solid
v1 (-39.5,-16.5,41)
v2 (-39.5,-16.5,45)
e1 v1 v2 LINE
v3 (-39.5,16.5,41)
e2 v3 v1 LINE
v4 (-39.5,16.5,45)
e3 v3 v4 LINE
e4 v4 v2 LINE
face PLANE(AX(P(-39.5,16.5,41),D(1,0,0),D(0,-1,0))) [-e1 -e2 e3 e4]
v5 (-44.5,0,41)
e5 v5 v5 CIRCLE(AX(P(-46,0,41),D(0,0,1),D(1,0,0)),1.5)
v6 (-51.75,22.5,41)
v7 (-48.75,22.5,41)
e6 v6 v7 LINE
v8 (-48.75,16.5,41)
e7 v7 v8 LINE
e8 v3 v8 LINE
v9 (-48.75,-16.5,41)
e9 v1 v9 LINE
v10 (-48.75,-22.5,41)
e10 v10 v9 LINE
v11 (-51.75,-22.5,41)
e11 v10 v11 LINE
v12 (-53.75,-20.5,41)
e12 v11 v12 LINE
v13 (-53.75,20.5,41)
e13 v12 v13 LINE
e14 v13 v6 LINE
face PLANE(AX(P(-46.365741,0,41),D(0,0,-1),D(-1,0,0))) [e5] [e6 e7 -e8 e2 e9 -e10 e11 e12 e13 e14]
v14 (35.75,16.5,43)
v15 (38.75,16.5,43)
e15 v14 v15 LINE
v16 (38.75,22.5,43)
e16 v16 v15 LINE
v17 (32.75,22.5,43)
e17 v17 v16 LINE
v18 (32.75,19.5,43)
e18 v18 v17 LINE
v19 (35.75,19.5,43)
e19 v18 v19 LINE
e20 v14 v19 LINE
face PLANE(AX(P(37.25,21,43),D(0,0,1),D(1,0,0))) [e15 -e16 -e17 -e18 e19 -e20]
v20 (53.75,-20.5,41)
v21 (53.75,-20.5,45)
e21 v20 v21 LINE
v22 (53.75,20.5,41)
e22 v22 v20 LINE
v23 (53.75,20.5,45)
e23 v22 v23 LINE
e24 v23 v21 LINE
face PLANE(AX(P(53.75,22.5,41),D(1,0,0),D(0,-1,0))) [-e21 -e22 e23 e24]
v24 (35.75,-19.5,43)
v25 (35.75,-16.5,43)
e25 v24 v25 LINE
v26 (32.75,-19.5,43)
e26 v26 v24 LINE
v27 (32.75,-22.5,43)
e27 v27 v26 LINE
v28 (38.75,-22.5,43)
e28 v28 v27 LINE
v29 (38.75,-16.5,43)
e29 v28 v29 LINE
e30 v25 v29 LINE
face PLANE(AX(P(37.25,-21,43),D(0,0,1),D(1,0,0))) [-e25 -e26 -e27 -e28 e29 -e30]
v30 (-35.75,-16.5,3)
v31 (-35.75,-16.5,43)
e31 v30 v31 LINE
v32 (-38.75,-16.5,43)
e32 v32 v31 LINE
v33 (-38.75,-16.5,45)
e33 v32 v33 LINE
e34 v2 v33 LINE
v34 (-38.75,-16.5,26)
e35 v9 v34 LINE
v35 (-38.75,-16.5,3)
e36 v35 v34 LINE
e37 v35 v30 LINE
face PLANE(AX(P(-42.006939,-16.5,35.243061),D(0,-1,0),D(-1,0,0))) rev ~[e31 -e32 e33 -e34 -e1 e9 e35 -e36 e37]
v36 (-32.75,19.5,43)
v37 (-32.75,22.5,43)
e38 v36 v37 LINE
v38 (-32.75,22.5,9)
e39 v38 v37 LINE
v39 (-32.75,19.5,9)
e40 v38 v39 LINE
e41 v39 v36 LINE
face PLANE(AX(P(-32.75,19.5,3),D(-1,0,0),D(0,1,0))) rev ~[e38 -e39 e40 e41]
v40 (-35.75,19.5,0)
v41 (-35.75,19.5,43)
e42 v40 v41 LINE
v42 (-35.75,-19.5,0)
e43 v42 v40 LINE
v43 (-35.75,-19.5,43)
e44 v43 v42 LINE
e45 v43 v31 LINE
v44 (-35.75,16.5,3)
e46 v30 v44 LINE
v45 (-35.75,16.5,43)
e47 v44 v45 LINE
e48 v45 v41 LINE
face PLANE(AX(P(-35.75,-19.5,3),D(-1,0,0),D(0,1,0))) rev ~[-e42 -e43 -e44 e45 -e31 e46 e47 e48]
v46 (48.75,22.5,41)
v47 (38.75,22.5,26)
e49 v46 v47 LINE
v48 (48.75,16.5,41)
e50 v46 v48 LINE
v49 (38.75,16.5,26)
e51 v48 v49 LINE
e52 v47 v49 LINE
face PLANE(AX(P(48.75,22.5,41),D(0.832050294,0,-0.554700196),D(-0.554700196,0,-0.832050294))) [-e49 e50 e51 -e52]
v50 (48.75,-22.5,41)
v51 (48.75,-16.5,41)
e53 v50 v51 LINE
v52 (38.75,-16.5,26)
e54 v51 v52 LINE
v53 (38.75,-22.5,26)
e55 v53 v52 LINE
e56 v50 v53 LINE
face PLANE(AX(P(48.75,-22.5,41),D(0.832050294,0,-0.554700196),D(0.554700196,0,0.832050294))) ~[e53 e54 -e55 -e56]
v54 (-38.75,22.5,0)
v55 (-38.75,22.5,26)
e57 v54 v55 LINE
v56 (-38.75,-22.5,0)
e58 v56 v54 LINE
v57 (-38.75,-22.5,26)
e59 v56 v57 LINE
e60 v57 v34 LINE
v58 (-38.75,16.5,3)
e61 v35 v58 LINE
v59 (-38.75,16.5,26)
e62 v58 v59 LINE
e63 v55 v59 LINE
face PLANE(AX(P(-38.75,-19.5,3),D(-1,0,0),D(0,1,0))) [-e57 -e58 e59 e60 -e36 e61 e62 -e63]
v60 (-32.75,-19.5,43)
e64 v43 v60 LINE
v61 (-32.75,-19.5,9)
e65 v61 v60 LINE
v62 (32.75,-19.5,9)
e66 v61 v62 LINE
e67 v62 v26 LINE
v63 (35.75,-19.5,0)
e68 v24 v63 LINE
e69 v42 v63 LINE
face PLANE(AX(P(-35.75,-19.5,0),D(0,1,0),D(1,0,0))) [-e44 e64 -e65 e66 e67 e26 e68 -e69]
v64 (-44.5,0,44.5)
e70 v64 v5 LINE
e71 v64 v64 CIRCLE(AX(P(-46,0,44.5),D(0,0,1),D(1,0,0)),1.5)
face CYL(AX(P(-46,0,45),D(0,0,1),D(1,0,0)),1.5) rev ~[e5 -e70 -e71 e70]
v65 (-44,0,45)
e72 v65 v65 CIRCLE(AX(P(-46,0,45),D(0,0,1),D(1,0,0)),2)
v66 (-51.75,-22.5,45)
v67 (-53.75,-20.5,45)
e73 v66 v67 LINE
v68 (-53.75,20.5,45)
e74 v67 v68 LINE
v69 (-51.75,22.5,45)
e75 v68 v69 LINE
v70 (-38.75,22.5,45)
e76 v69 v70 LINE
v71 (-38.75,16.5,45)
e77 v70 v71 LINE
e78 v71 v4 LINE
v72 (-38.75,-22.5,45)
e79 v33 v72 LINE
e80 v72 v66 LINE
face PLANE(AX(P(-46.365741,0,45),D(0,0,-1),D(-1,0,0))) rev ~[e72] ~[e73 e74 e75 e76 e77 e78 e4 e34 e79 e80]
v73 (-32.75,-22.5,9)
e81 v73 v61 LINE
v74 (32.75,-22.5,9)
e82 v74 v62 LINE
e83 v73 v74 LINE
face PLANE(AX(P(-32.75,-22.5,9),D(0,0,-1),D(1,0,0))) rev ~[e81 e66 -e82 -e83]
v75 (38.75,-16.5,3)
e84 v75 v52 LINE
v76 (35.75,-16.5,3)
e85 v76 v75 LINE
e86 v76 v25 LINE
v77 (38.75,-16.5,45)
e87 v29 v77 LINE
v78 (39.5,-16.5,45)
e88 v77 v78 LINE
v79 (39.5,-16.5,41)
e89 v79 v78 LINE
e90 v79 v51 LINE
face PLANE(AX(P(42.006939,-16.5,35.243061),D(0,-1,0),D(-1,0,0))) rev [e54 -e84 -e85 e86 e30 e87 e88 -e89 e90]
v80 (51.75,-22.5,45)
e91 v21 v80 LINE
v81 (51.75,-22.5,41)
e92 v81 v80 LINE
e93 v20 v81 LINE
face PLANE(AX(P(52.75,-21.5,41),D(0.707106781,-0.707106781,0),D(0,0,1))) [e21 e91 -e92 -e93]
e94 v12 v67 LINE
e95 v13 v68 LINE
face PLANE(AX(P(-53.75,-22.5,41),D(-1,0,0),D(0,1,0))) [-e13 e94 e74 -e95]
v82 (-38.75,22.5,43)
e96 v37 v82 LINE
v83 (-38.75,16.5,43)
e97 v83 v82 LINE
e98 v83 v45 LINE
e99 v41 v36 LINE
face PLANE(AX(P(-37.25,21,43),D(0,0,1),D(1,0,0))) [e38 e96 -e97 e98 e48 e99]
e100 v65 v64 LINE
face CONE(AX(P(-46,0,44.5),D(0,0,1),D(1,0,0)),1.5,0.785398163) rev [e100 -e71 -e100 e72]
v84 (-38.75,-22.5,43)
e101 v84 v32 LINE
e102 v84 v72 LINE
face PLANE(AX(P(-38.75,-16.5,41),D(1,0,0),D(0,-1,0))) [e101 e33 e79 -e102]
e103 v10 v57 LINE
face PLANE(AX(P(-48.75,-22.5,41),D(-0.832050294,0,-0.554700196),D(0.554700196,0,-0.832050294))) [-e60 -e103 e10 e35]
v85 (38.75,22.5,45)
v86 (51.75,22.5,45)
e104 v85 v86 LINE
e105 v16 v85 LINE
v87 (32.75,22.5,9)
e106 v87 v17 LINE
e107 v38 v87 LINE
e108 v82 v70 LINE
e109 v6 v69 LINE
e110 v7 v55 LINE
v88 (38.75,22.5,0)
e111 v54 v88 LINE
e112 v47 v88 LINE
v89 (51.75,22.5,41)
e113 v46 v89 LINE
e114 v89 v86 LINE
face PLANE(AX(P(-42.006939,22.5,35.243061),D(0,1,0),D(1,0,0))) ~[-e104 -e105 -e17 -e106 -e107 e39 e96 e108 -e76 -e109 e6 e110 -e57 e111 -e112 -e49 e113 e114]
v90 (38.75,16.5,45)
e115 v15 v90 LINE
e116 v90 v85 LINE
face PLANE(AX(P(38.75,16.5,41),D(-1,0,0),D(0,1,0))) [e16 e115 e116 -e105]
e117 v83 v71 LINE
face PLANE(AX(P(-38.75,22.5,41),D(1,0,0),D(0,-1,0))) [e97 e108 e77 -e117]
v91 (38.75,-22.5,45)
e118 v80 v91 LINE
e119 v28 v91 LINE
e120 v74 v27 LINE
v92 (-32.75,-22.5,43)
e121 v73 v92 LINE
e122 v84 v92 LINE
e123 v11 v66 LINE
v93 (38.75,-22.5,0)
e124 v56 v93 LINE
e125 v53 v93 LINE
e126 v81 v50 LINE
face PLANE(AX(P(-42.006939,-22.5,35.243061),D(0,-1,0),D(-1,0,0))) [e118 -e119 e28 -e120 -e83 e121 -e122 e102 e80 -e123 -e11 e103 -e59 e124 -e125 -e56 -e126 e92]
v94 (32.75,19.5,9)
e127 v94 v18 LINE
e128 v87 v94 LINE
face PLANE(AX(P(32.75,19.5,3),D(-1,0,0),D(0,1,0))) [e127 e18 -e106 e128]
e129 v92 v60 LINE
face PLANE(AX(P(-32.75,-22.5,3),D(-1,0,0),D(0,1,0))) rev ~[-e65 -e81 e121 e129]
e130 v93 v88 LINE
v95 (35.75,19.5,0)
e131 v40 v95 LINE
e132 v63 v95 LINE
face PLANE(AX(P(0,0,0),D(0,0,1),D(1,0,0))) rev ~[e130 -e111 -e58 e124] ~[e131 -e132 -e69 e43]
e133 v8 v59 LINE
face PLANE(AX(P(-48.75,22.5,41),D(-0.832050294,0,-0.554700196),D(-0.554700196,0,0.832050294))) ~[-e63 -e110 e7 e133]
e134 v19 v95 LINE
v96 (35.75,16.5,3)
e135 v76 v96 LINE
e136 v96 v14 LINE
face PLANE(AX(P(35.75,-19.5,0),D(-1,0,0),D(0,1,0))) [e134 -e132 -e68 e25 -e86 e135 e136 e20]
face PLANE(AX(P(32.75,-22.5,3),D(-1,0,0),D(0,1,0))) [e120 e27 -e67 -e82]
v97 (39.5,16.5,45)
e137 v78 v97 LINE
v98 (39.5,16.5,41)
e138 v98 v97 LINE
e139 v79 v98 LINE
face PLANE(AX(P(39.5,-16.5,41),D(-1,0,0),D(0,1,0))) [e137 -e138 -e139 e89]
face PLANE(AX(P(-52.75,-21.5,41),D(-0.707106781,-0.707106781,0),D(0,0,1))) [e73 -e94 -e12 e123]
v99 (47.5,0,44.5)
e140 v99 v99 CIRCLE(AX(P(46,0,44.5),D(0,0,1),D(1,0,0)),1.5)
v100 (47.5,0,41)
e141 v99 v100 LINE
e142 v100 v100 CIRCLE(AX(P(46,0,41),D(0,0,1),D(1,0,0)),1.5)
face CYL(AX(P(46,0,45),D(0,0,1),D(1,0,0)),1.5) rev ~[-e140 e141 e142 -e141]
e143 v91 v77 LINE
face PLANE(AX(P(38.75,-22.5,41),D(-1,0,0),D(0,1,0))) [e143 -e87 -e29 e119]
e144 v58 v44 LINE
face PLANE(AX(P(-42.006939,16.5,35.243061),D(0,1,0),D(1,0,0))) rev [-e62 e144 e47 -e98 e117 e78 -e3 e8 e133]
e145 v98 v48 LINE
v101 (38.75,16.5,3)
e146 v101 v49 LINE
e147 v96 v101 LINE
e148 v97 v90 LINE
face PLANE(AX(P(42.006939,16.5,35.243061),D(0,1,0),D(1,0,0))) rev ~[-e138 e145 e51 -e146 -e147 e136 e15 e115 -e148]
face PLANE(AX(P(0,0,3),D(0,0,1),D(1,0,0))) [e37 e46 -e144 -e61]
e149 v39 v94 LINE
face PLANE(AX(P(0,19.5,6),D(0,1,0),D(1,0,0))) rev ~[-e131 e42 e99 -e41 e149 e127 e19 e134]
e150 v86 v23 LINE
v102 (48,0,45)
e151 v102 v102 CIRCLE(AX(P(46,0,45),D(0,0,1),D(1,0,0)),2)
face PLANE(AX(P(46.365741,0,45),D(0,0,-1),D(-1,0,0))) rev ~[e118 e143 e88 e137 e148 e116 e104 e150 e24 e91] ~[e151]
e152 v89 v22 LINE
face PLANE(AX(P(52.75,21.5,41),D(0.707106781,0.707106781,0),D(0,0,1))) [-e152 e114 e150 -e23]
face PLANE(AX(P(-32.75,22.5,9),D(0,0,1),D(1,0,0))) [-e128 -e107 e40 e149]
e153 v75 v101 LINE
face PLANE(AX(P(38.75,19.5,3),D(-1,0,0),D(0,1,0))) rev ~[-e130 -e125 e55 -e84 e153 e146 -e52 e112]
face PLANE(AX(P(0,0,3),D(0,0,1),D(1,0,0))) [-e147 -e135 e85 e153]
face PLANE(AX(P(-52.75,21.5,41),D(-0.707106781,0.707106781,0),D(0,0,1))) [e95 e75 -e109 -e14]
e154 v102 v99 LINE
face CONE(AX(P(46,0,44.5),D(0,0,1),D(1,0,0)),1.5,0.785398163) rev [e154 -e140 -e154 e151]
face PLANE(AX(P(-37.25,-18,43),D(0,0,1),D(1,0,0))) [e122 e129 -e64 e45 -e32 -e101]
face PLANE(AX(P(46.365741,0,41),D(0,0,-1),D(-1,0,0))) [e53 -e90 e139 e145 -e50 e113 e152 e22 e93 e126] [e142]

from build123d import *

# Parameters (mm, degrees)
SKETCH_1_W             = 77.5
SKETCH_1_H             = 45
SKETCH_1_W_2           = 71.5
SKETCH_1_H_2           = 39
EXTRUDE_1_DEPTH        = 3
SKETCH_2_W             = 3
SKETCH_2_H             = 3
EXTRUDE_2_DEPTH        = 40
SKETCH_3_W             = 3
SKETCH_3_H             = 3
EXTRUDE_3_DEPTH        = 40
EXTRUDE_4_DEPTH        = 2
EXTRUDE_4_DEPTH_BACK   = 2
EXTRUDE_4_2_DEPTH      = 2
EXTRUDE_4_2_DEPTH_BACK = 2
SKETCH_5_W             = 65.5
SKETCH_5_H             = 6
EXTRUDE_5_DEPTH        = 3
SKETCH_6_W             = 65.5
SKETCH_6_H             = 6
EXTRUDE_6_DEPTH        = 3
SKETCH_7_R             = 1.5
CUT_EXTRUDE_1_DEPTH    = 5
CHAMFER_1_SIZE         = 0.5
CHAMFER_2_SIZE         = 0.5
CHAMFER_3_SIZE         = 2
CHAMFER_4_SIZE         = 2
EXTRUDE_7_DEPTH        = 6
MIRROR_2_COPY_1_DEPTH  = 6
MIRROR_2_COPY_2_DEPTH  = 6


with BuildPart() as part:
    # 草图1 → 凸台-拉伸1 (new body)
    with BuildSketch(Plane.XY):
        Rectangle(SKETCH_1_W, SKETCH_1_H)
        Rectangle(SKETCH_1_W_2, SKETCH_1_H_2, mode=Mode.SUBTRACT)
    extrude(amount=EXTRUDE_1_DEPTH)

    # 草图2 → 凸台-拉伸2 (add)
    with BuildSketch(Plane.XY.offset(3)):
        with Locations((37.25, 21)):
            Rectangle(SKETCH_2_W, SKETCH_2_H)
        with Locations((-37.25, 21)):
            Rectangle(SKETCH_2_W, SKETCH_2_H)
        with Locations((-37.25, -21)):
            Rectangle(SKETCH_2_W, SKETCH_2_H)
        with Locations((37.25, -21)):
            Rectangle(SKETCH_2_W, SKETCH_2_H)
    extrude(amount=EXTRUDE_2_DEPTH)

    # 草图3 → 凸台-拉伸3 (add)
    with BuildSketch(Plane.XY.offset(3)):
        with Locations((34.25, -21)):
            Rectangle(SKETCH_3_W, SKETCH_3_H)
        with Locations((37.25, 18)):
            Rectangle(SKETCH_3_W, SKETCH_3_H)
        with Locations((34.25, 21)):
            Rectangle(SKETCH_3_W, SKETCH_3_H)
        with Locations((37.25, -18)):
            Rectangle(SKETCH_3_W, SKETCH_3_H)
        with Locations((-34.25, 21)):
            Rectangle(SKETCH_3_W, SKETCH_3_H)
        with Locations((-37.25, 18)):
            Rectangle(SKETCH_3_W, SKETCH_3_H)
        with Locations((-37.25, -18)):
            Rectangle(SKETCH_3_W, SKETCH_3_H)
        with Locations((-34.25, -21)):
            Rectangle(SKETCH_3_W, SKETCH_3_H)
    extrude(amount=EXTRUDE_3_DEPTH)

    # 草图5 → 凸台-拉伸5 (add)
    with BuildSketch(Plane(origin=(0, 22.5, 0), x_dir=(1, 0, 0), z_dir=(0, 1, 0))):
        with Locations((0, -6)):
            Rectangle(SKETCH_5_W, SKETCH_5_H)
    extrude(amount=-EXTRUDE_5_DEPTH)


with BuildPart() as body_2:
    # 草图4 → 凸台-拉伸4 (new, two sides: drawn at the far end of the back side and taken through both)
    with BuildSketch(Plane.XY.offset(43).offset(-EXTRUDE_4_DEPTH_BACK)):
        Polygon((38.75, 22.5), (53.75, 22.5), (53.75, -22.5), (38.75, -22.5), (38.75, -16.5), (39.5, -16.5), (39.5, 16.5), (38.75, 16.5), align=None)
    extrude(amount=EXTRUDE_4_DEPTH + EXTRUDE_4_DEPTH_BACK)


with BuildPart() as body_3:
    # 草图4 → Extrude 4 2 (new, two sides: drawn at the far end of the back side and taken through both)
    with BuildSketch(Plane.XY.offset(43).offset(-EXTRUDE_4_2_DEPTH_BACK)):
        Polygon((-38.75, -16.5), (-38.75, -22.5), (-53.75, -22.5), (-53.75, 22.5), (-38.75, 22.5), (-38.75, 16.5), (-39.5, 16.5), (-39.5, -16.5), align=None)
    extrude(amount=EXTRUDE_4_2_DEPTH + EXTRUDE_4_2_DEPTH_BACK)


with BuildPart() as body_4:
    # 草图6 → 凸台-拉伸6 (new body)
    with BuildSketch(Plane.XZ.offset(22.5)):
        with Locations((0, 6)):
            Rectangle(SKETCH_6_W, SKETCH_6_H)
    extrude(amount=-EXTRUDE_6_DEPTH)


with BuildPart() as cut_extrude_1_tool:
    # 草图7 → 切除-拉伸1 (new body)
    with BuildSketch(Plane.XY.offset(45)):
        with Locations((-46, 0)):
            Circle(SKETCH_7_R)
        with Locations((46, 0)):
            Circle(SKETCH_7_R)
    extrude(amount=-CUT_EXTRUDE_1_DEPTH)


with BuildPart() as body_2_1:
    add(body_2.part)

    # 切除-拉伸1: cut by cut_extrude_1_tool
    add(cut_extrude_1_tool.part, mode=Mode.SUBTRACT)

    # 倒角2
    chamfer_2_edges = [body_2_1.edges().sort_by_distance(p)[0] for p in [
        (44.5, 0, 45),
    ]]
    chamfer(chamfer_2_edges, length=CHAMFER_2_SIZE)

    # 倒角3
    chamfer_3_edges = [body_2_1.edges().sort_by_distance(p)[0] for p in [
        (53.75, -22.5, 43),
        (53.75, 22.5, 43),
    ]]
    chamfer(chamfer_3_edges, length=CHAMFER_3_SIZE)


with BuildPart() as body_3_1:
    add(body_3.part)

    # 切除-拉伸1: cut by cut_extrude_1_tool
    add(cut_extrude_1_tool.part, mode=Mode.SUBTRACT)

    # 倒角1
    chamfer_1_edges = [body_3_1.edges().sort_by_distance(p)[0] for p in [
        (-47.5, 0, 45),
    ]]
    chamfer(chamfer_1_edges, length=CHAMFER_1_SIZE)


with BuildPart() as part_1:
    add(part.part)

    # Combine 1: union body 3
    add(body_3_1.part)


with BuildPart() as body_4_1:
    add(body_4.part)

    # Combine 2: union part
    add(part_1.part)


with BuildPart() as body_2_2:
    add(body_2_1.part)

    # Combine 3: union body 4
    add(body_4_1.part)

    # 倒角4
    chamfer_4_edges = [body_2_2.edges().sort_by_distance(p)[0] for p in [
        (-53.75, -22.5, 43),
        (-53.75, 22.5, 43),
    ]]
    chamfer(chamfer_4_edges, length=CHAMFER_4_SIZE)

    # 草图8 → 凸台-拉伸7 (add)
    with BuildSketch(Plane(origin=(0, 22.5, 0), x_dir=(1, 0, 0), z_dir=(0, 1, 0))):
        Polygon((48.75, -41), (38.75, -26), (38.75, -41), align=None)
    extrude_7 = extrude(amount=-EXTRUDE_7_DEPTH)

    # 镜向1: 凸台-拉伸7 across plane
    add(extrude_7.mirror(Plane(origin=(0, 0, 0), x_dir=(0, 0, 1), z_dir=(1, 0, 0))))

    # 镜向2 copy 1 sketch → 镜向2 copy 1 (add)
    with BuildSketch(Plane(origin=(0, -22.5, 0), x_dir=(-1, 0, 0), z_dir=(0, -1, 0))):
        Polygon((48.75, -41), (38.75, -26), (38.75, -41), align=None)
    extrude(amount=-MIRROR_2_COPY_1_DEPTH)

    # 镜向2 copy 2 sketch → 镜向2 copy 2 (add)
    with BuildSketch(Plane.XZ.offset(22.5)):
        Polygon((48.75, 41), (38.75, 26), (38.75, 41), align=None)
    extrude(amount=-MIRROR_2_COPY_2_DEPTH)


solid = body_2_2.part
